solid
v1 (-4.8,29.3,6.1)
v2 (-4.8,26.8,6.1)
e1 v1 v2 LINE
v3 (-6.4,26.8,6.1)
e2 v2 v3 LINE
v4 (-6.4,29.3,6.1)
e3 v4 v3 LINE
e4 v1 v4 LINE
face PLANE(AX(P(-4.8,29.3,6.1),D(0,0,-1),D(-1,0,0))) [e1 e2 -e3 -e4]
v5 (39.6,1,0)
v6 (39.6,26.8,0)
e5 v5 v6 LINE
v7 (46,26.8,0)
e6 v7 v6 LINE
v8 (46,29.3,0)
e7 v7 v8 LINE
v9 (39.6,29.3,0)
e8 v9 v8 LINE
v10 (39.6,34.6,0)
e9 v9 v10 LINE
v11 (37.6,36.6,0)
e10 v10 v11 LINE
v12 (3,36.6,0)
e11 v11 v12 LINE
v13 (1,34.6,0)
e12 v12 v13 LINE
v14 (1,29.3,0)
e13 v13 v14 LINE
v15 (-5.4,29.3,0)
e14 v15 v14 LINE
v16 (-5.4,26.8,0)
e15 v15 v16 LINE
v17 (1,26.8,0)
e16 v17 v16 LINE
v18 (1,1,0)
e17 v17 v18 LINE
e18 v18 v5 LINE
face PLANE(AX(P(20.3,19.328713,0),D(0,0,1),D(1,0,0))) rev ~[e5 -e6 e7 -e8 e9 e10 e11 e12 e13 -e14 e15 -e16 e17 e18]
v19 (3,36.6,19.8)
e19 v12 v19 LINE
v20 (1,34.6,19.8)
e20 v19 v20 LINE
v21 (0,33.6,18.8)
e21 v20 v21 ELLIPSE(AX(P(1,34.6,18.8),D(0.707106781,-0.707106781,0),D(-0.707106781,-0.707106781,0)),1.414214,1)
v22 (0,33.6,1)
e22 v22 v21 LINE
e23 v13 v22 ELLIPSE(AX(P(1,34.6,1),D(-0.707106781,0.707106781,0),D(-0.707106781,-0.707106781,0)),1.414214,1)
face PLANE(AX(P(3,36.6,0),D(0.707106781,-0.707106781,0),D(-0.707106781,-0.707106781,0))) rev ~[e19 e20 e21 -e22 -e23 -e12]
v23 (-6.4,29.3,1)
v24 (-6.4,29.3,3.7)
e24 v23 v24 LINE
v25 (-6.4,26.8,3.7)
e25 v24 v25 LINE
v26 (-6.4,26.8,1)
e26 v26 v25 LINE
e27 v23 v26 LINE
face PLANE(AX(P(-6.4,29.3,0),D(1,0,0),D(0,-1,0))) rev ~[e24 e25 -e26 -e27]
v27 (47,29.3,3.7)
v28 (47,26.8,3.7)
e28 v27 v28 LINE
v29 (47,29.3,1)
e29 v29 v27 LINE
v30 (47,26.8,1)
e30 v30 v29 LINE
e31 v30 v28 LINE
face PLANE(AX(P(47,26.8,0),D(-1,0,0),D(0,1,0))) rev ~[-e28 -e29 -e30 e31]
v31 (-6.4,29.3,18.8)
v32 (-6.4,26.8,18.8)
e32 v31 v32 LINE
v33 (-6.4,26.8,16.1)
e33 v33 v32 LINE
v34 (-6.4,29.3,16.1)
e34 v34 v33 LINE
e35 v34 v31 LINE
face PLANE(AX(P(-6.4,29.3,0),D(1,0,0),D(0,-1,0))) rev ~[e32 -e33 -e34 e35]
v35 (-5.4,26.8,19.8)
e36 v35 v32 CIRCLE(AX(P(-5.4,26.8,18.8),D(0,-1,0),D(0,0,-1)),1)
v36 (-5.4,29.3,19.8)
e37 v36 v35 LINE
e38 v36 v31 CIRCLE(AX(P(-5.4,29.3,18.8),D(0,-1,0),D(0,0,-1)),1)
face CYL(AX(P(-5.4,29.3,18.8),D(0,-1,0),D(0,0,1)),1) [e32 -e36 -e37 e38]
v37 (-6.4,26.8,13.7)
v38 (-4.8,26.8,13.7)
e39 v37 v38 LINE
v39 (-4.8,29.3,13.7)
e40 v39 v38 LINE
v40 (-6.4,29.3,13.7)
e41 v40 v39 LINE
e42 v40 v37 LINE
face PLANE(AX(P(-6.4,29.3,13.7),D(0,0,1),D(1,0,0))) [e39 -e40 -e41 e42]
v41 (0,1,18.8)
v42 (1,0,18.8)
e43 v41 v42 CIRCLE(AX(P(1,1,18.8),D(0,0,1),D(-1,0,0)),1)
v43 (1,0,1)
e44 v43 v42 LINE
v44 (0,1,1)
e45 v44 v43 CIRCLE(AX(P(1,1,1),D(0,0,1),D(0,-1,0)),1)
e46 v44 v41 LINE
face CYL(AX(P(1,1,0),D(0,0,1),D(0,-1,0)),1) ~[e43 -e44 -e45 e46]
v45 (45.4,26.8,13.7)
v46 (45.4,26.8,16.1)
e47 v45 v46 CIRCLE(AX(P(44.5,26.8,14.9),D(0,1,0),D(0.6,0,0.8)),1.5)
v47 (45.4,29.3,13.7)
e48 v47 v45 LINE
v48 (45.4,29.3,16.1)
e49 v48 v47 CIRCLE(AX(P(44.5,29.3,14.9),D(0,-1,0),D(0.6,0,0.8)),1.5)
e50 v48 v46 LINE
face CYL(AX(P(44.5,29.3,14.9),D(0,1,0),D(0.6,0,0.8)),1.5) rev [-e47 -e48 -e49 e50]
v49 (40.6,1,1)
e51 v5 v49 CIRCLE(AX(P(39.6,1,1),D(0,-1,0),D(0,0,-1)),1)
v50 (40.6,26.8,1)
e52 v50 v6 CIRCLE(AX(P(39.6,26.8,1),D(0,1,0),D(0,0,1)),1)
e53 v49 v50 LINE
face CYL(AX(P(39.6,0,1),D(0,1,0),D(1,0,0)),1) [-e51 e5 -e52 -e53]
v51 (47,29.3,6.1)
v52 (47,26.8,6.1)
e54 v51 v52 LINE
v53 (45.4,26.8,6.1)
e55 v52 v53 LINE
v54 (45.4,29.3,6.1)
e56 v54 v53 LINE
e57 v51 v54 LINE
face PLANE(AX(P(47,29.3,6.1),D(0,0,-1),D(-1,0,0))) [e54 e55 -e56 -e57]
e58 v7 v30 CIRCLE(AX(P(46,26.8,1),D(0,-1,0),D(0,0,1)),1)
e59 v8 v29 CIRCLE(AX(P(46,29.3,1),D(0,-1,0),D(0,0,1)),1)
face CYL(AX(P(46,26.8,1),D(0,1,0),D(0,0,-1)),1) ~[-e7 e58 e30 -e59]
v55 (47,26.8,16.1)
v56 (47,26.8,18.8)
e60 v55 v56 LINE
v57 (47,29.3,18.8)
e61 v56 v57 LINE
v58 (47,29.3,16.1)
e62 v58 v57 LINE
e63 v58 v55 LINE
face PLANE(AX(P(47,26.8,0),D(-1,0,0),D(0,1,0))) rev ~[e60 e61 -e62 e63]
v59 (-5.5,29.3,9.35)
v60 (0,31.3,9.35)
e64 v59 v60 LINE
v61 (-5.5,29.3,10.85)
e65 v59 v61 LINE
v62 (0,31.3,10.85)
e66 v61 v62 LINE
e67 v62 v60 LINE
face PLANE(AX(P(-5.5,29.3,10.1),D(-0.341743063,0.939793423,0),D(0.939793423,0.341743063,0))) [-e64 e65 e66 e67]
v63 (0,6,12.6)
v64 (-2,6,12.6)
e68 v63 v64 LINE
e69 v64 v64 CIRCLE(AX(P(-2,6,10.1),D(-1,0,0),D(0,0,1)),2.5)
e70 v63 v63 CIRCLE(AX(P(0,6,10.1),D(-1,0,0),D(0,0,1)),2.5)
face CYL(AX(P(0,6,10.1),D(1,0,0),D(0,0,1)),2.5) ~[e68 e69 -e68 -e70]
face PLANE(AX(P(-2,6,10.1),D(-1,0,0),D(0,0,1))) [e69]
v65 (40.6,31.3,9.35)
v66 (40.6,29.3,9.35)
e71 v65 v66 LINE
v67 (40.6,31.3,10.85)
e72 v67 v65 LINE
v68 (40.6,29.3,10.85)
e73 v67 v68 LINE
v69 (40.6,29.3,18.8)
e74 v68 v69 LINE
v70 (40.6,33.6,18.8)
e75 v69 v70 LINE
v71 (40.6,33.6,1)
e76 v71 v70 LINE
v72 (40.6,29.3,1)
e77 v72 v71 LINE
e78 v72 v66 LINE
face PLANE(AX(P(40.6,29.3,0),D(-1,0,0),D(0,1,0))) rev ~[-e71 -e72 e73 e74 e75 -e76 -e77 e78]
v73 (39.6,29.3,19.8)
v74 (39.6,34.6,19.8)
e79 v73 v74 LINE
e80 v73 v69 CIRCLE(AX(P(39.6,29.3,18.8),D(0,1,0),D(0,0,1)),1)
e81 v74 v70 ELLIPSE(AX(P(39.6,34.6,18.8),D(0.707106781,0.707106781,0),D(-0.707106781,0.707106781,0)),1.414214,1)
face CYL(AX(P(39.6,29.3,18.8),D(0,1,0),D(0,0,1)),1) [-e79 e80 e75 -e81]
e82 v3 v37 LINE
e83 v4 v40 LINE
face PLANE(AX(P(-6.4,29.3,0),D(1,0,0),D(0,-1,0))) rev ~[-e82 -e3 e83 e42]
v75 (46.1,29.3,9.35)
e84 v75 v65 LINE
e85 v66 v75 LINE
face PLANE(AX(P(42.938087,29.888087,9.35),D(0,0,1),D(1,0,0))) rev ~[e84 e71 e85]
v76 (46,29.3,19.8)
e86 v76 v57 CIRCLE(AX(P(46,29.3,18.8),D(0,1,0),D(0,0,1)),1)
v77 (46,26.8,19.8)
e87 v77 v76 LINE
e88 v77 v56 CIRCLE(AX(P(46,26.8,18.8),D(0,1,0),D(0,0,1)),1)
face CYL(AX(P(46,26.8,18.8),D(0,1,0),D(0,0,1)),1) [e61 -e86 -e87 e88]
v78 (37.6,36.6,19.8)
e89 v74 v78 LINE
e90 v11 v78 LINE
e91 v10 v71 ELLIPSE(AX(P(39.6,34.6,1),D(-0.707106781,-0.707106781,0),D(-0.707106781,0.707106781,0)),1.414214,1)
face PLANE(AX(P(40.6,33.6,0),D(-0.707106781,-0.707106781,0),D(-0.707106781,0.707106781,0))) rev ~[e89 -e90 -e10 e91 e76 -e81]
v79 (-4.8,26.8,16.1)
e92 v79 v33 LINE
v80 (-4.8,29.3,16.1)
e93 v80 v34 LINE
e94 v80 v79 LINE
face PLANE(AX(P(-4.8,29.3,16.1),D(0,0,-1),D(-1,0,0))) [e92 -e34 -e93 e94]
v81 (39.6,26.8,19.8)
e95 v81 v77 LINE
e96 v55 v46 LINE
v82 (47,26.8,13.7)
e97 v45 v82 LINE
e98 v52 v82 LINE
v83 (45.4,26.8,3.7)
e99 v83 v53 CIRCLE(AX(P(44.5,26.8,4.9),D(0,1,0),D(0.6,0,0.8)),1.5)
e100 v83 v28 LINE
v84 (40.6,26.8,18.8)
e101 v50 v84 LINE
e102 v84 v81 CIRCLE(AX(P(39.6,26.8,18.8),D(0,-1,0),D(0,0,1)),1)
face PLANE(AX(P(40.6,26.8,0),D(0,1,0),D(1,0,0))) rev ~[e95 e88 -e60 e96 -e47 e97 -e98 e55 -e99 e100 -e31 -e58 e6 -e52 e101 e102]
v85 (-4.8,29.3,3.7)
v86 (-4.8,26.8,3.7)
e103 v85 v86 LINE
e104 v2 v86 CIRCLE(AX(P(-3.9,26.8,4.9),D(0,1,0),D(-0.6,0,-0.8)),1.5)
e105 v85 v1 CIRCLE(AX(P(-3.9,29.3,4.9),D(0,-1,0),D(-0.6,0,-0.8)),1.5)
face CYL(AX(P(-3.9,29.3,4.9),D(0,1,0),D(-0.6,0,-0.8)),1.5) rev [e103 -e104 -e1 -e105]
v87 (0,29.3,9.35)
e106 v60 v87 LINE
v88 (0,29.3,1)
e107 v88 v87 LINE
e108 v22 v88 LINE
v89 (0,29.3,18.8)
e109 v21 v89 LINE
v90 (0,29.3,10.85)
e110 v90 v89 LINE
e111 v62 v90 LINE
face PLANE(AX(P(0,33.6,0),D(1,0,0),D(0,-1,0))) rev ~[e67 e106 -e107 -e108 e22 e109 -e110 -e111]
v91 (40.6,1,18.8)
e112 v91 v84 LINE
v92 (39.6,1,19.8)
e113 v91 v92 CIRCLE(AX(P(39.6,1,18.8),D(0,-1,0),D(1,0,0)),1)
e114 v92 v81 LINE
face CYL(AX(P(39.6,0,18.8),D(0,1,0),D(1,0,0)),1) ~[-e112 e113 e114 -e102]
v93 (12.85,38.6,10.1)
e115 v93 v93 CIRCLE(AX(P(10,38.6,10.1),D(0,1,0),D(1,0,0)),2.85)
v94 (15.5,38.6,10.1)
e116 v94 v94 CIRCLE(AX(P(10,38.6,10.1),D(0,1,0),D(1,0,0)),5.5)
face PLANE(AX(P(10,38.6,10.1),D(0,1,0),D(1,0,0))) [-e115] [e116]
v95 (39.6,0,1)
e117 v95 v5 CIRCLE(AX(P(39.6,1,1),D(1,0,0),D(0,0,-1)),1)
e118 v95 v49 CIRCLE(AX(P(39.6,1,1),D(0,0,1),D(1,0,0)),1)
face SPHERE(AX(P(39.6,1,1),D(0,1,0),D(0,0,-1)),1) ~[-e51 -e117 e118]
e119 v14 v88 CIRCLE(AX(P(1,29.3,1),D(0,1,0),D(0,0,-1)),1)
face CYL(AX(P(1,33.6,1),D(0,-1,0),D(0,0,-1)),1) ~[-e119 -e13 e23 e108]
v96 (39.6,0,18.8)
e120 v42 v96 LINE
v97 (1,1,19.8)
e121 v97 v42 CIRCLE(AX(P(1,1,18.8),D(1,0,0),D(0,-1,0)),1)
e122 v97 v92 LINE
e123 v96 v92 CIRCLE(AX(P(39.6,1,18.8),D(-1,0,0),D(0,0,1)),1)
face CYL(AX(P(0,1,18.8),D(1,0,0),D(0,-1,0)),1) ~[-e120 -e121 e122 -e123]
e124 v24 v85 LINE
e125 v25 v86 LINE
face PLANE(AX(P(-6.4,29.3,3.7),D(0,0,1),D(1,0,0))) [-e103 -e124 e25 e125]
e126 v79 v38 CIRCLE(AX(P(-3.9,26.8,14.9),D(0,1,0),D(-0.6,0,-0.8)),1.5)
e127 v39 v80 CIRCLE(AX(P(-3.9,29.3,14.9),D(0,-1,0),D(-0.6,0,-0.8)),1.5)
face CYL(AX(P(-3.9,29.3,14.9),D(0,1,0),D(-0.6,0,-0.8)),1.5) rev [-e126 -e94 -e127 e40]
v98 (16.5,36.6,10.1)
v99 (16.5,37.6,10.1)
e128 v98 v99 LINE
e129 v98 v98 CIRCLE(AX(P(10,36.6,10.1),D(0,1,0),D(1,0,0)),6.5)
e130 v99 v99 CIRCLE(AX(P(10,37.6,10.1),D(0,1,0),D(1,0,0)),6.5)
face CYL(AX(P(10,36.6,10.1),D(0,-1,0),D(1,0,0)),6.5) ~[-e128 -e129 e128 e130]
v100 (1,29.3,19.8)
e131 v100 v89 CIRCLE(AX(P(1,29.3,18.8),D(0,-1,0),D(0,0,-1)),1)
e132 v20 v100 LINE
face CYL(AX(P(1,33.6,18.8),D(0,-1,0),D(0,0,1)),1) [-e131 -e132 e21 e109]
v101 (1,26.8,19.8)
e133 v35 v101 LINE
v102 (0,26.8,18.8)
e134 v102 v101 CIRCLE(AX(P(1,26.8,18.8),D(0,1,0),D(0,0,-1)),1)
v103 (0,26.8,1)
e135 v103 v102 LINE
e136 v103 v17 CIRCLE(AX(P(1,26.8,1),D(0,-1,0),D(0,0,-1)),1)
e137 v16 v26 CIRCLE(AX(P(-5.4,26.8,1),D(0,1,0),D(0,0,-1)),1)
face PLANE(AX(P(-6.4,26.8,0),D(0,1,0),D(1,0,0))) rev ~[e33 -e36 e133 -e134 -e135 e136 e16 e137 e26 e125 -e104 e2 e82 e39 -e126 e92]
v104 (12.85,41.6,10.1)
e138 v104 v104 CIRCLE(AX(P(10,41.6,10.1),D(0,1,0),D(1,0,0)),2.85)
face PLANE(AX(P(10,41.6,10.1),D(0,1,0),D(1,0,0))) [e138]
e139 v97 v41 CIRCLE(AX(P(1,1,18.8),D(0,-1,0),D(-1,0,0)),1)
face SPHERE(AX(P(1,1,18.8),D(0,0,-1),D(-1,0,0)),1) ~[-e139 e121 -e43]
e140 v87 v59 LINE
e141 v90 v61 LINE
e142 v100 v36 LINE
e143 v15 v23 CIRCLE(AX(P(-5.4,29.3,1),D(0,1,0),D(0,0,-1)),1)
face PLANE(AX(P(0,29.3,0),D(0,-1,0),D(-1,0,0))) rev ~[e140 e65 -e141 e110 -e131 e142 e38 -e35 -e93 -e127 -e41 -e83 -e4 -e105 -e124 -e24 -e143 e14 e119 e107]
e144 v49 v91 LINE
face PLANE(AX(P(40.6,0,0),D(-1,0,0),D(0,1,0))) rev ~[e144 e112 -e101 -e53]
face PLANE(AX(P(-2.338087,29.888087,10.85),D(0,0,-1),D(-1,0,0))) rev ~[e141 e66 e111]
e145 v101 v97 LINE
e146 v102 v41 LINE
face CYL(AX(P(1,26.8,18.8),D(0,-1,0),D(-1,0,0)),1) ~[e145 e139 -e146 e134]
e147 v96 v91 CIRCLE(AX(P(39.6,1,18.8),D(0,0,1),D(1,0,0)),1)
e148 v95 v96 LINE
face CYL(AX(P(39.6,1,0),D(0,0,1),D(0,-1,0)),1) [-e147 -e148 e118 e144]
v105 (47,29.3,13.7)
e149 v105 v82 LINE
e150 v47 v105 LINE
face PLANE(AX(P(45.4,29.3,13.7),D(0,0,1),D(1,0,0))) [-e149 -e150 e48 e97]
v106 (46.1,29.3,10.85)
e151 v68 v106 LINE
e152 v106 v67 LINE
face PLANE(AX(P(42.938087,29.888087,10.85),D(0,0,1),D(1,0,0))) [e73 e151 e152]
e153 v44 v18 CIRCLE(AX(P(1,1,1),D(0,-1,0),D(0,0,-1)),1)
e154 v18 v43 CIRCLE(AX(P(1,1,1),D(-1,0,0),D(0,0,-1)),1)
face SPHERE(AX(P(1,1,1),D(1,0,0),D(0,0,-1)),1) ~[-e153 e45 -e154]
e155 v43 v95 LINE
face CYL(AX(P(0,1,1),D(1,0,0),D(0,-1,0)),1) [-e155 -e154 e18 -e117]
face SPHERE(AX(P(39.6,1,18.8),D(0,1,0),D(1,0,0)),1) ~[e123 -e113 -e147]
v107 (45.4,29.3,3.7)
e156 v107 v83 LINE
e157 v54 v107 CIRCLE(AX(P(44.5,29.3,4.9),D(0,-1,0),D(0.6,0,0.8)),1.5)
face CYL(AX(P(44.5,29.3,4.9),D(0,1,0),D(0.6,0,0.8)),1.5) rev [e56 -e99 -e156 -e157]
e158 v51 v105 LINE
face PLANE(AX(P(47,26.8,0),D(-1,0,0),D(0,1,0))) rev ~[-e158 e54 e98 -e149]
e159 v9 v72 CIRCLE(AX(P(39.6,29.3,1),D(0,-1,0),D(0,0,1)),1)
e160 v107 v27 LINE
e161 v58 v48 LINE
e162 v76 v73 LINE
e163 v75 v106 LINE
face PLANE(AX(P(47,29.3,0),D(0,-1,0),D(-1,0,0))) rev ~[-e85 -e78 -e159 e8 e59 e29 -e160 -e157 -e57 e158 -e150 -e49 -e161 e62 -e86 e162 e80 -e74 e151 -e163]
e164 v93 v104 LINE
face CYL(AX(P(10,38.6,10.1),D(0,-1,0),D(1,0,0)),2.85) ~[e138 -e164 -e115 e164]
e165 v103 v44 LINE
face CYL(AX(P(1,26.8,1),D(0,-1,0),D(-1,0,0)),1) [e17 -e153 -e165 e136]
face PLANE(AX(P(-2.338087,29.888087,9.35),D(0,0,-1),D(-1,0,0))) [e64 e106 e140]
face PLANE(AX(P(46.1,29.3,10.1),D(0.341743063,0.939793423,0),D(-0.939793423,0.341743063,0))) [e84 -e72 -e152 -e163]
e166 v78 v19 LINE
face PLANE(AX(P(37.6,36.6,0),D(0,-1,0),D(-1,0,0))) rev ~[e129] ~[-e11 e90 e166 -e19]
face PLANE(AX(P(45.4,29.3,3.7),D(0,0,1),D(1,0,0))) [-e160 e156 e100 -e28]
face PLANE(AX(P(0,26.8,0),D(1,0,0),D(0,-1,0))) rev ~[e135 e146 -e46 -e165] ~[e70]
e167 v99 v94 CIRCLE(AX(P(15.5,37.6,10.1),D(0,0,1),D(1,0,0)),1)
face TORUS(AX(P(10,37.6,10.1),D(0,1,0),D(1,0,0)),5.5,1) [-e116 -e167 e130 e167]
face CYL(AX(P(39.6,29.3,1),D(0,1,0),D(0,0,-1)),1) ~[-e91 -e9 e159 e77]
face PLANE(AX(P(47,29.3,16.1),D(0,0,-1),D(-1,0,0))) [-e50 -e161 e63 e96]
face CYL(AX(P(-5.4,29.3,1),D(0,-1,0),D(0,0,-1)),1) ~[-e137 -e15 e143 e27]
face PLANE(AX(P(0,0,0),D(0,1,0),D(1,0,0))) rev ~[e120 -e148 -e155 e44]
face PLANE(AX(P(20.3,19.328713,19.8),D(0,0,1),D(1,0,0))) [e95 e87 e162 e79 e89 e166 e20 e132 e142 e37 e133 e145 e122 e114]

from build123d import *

# Parameters (mm, degrees)
MAIN_SERVO_BODY_DEPTH       = 19.8
SERVO_BRACKET_DEPTH         = 30.3
SKETCH3_R                   = 6.5
SERVO_AXIS_1_DEPTH          = 2
SERVO_BRACKET_SUPPORT_DEPTH = 0.75
SKETCH5_R                   = 2.85
SERVO_AXIS_2_DEPTH          = 3
SKETCH6_R                   = 2.5
SERVO_WIRES_DEPTH           = 2
SERVO_CONTOURING_R          = 1


with BuildPart() as part:
    # Sketch1 → Main Servo Body (new body)
    with BuildSketch(Plane.XY):
        Polygon((0, 0), (40.6, 0), (40.6, 26.8), (47, 26.8), (47, 29.3), (40.6, 29.3), (40.6, 33.6), (37.6, 36.6), (3, 36.6), (0, 33.6), (0, 29.3), (-6.4, 29.3), (-6.4, 26.8), (0, 26.8), align=None)
    extrude(amount=MAIN_SERVO_BODY_DEPTH)

    # Sketch2 → Servo Bracket (cut, through all)
    with BuildSketch(Plane(origin=(0, 29.3, 0), x_dir=(1, 0, 0), z_dir=(0, 1, 0))):
        with BuildLine():
            Line((-6.4, -3.7), (-4.8, -3.7))
            ThreePointArc((-4.8, -3.7), (-2.4, -4.9), (-4.8, -6.1))
            Line((-4.8, -6.1), (-6.4, -6.1))
            Line((-6.4, -6.1), (-6.4, -3.7))
        make_face()
        with BuildLine():
            Line((45.4, -3.7), (47, -3.7))
            Line((47, -3.7), (47, -6.1))
            Line((47, -6.1), (45.4, -6.1))
            ThreePointArc((45.4, -6.1), (43, -4.9), (45.4, -3.7))
        make_face()
        with BuildLine():
            Line((45.4, -13.7), (47, -13.7))
            Line((47, -13.7), (47, -16.1))
            Line((47, -16.1), (45.4, -16.1))
            ThreePointArc((45.4, -16.1), (43, -14.9), (45.4, -13.7))
        make_face()
        with BuildLine():
            Line((-6.4, -16.1), (-6.4, -13.7))
            Line((-6.4, -13.7), (-4.8, -13.7))
            ThreePointArc((-4.8, -13.7), (-2.4, -14.9), (-4.8, -16.1))
            Line((-4.8, -16.1), (-6.4, -16.1))
        make_face()
    extrude(amount=-SERVO_BRACKET_DEPTH, mode=Mode.SUBTRACT)

    # Sketch3 → Servo Axis 1 (add)
    with BuildSketch(Plane(origin=(0, 36.6, 0), x_dir=(1, 0, 0), z_dir=(0, 1, 0))):
        with Locations((10, -10.1)):
            Circle(SKETCH3_R)
    extrude(amount=SERVO_AXIS_1_DEPTH)

    # Sketch4 → Servo Bracket Support (add, symmetric)
    with BuildSketch(Plane.XY.offset(10.1)):
        Polygon((-5.5, 29.3), (0, 31.3), (0, 29.3), align=None)
        Polygon((40.6, 29.3), (46.1, 29.3), (40.6, 31.3), align=None)
    extrude(amount=SERVO_BRACKET_SUPPORT_DEPTH, both=True)

    # Sketch5 → Servo Axis 2 (add)
    with BuildSketch(Plane(origin=(0, 38.6, 0), x_dir=(1, 0, 0), z_dir=(0, 1, 0))):
        with Locations((10, -10.1)):
            Circle(SKETCH5_R)
    extrude(amount=SERVO_AXIS_2_DEPTH)

    # Sketch6 → Servo Wires (add)
    with BuildSketch(Plane.ZY):
        with Locations((10.1, 6)):
            Circle(SKETCH6_R)
    extrude(amount=SERVO_WIRES_DEPTH)

    # Servo Contouring
    servo_contouring_edges = [part.edges().sort_by_distance(p)[0] for p in [
        (40.6, 13.4, 19.8),
        (3.5, 38.6, 10.1),
        (-6.4, 28.05, 0),
        (0, 31.45, 0),
        (40.6, 31.45, 0),
        (47, 28.05, 19.8),
        (47, 28.05, 0),
        (40.6, 13.4, 0),
        (20.3, 0, 0),
        (0, 13.4, 0),
        (40.6, 31.45, 19.8),
        (40.6, 0, 9.9),
        (0, 0, 9.9),
        (0, 31.45, 19.8),
        (0, 13.4, 19.8),
        (-6.4, 28.05, 19.8),
        (20.3, 0, 19.8),
    ]]
    fillet(servo_contouring_edges, radius=SERVO_CONTOURING_R)


solid = part.part
